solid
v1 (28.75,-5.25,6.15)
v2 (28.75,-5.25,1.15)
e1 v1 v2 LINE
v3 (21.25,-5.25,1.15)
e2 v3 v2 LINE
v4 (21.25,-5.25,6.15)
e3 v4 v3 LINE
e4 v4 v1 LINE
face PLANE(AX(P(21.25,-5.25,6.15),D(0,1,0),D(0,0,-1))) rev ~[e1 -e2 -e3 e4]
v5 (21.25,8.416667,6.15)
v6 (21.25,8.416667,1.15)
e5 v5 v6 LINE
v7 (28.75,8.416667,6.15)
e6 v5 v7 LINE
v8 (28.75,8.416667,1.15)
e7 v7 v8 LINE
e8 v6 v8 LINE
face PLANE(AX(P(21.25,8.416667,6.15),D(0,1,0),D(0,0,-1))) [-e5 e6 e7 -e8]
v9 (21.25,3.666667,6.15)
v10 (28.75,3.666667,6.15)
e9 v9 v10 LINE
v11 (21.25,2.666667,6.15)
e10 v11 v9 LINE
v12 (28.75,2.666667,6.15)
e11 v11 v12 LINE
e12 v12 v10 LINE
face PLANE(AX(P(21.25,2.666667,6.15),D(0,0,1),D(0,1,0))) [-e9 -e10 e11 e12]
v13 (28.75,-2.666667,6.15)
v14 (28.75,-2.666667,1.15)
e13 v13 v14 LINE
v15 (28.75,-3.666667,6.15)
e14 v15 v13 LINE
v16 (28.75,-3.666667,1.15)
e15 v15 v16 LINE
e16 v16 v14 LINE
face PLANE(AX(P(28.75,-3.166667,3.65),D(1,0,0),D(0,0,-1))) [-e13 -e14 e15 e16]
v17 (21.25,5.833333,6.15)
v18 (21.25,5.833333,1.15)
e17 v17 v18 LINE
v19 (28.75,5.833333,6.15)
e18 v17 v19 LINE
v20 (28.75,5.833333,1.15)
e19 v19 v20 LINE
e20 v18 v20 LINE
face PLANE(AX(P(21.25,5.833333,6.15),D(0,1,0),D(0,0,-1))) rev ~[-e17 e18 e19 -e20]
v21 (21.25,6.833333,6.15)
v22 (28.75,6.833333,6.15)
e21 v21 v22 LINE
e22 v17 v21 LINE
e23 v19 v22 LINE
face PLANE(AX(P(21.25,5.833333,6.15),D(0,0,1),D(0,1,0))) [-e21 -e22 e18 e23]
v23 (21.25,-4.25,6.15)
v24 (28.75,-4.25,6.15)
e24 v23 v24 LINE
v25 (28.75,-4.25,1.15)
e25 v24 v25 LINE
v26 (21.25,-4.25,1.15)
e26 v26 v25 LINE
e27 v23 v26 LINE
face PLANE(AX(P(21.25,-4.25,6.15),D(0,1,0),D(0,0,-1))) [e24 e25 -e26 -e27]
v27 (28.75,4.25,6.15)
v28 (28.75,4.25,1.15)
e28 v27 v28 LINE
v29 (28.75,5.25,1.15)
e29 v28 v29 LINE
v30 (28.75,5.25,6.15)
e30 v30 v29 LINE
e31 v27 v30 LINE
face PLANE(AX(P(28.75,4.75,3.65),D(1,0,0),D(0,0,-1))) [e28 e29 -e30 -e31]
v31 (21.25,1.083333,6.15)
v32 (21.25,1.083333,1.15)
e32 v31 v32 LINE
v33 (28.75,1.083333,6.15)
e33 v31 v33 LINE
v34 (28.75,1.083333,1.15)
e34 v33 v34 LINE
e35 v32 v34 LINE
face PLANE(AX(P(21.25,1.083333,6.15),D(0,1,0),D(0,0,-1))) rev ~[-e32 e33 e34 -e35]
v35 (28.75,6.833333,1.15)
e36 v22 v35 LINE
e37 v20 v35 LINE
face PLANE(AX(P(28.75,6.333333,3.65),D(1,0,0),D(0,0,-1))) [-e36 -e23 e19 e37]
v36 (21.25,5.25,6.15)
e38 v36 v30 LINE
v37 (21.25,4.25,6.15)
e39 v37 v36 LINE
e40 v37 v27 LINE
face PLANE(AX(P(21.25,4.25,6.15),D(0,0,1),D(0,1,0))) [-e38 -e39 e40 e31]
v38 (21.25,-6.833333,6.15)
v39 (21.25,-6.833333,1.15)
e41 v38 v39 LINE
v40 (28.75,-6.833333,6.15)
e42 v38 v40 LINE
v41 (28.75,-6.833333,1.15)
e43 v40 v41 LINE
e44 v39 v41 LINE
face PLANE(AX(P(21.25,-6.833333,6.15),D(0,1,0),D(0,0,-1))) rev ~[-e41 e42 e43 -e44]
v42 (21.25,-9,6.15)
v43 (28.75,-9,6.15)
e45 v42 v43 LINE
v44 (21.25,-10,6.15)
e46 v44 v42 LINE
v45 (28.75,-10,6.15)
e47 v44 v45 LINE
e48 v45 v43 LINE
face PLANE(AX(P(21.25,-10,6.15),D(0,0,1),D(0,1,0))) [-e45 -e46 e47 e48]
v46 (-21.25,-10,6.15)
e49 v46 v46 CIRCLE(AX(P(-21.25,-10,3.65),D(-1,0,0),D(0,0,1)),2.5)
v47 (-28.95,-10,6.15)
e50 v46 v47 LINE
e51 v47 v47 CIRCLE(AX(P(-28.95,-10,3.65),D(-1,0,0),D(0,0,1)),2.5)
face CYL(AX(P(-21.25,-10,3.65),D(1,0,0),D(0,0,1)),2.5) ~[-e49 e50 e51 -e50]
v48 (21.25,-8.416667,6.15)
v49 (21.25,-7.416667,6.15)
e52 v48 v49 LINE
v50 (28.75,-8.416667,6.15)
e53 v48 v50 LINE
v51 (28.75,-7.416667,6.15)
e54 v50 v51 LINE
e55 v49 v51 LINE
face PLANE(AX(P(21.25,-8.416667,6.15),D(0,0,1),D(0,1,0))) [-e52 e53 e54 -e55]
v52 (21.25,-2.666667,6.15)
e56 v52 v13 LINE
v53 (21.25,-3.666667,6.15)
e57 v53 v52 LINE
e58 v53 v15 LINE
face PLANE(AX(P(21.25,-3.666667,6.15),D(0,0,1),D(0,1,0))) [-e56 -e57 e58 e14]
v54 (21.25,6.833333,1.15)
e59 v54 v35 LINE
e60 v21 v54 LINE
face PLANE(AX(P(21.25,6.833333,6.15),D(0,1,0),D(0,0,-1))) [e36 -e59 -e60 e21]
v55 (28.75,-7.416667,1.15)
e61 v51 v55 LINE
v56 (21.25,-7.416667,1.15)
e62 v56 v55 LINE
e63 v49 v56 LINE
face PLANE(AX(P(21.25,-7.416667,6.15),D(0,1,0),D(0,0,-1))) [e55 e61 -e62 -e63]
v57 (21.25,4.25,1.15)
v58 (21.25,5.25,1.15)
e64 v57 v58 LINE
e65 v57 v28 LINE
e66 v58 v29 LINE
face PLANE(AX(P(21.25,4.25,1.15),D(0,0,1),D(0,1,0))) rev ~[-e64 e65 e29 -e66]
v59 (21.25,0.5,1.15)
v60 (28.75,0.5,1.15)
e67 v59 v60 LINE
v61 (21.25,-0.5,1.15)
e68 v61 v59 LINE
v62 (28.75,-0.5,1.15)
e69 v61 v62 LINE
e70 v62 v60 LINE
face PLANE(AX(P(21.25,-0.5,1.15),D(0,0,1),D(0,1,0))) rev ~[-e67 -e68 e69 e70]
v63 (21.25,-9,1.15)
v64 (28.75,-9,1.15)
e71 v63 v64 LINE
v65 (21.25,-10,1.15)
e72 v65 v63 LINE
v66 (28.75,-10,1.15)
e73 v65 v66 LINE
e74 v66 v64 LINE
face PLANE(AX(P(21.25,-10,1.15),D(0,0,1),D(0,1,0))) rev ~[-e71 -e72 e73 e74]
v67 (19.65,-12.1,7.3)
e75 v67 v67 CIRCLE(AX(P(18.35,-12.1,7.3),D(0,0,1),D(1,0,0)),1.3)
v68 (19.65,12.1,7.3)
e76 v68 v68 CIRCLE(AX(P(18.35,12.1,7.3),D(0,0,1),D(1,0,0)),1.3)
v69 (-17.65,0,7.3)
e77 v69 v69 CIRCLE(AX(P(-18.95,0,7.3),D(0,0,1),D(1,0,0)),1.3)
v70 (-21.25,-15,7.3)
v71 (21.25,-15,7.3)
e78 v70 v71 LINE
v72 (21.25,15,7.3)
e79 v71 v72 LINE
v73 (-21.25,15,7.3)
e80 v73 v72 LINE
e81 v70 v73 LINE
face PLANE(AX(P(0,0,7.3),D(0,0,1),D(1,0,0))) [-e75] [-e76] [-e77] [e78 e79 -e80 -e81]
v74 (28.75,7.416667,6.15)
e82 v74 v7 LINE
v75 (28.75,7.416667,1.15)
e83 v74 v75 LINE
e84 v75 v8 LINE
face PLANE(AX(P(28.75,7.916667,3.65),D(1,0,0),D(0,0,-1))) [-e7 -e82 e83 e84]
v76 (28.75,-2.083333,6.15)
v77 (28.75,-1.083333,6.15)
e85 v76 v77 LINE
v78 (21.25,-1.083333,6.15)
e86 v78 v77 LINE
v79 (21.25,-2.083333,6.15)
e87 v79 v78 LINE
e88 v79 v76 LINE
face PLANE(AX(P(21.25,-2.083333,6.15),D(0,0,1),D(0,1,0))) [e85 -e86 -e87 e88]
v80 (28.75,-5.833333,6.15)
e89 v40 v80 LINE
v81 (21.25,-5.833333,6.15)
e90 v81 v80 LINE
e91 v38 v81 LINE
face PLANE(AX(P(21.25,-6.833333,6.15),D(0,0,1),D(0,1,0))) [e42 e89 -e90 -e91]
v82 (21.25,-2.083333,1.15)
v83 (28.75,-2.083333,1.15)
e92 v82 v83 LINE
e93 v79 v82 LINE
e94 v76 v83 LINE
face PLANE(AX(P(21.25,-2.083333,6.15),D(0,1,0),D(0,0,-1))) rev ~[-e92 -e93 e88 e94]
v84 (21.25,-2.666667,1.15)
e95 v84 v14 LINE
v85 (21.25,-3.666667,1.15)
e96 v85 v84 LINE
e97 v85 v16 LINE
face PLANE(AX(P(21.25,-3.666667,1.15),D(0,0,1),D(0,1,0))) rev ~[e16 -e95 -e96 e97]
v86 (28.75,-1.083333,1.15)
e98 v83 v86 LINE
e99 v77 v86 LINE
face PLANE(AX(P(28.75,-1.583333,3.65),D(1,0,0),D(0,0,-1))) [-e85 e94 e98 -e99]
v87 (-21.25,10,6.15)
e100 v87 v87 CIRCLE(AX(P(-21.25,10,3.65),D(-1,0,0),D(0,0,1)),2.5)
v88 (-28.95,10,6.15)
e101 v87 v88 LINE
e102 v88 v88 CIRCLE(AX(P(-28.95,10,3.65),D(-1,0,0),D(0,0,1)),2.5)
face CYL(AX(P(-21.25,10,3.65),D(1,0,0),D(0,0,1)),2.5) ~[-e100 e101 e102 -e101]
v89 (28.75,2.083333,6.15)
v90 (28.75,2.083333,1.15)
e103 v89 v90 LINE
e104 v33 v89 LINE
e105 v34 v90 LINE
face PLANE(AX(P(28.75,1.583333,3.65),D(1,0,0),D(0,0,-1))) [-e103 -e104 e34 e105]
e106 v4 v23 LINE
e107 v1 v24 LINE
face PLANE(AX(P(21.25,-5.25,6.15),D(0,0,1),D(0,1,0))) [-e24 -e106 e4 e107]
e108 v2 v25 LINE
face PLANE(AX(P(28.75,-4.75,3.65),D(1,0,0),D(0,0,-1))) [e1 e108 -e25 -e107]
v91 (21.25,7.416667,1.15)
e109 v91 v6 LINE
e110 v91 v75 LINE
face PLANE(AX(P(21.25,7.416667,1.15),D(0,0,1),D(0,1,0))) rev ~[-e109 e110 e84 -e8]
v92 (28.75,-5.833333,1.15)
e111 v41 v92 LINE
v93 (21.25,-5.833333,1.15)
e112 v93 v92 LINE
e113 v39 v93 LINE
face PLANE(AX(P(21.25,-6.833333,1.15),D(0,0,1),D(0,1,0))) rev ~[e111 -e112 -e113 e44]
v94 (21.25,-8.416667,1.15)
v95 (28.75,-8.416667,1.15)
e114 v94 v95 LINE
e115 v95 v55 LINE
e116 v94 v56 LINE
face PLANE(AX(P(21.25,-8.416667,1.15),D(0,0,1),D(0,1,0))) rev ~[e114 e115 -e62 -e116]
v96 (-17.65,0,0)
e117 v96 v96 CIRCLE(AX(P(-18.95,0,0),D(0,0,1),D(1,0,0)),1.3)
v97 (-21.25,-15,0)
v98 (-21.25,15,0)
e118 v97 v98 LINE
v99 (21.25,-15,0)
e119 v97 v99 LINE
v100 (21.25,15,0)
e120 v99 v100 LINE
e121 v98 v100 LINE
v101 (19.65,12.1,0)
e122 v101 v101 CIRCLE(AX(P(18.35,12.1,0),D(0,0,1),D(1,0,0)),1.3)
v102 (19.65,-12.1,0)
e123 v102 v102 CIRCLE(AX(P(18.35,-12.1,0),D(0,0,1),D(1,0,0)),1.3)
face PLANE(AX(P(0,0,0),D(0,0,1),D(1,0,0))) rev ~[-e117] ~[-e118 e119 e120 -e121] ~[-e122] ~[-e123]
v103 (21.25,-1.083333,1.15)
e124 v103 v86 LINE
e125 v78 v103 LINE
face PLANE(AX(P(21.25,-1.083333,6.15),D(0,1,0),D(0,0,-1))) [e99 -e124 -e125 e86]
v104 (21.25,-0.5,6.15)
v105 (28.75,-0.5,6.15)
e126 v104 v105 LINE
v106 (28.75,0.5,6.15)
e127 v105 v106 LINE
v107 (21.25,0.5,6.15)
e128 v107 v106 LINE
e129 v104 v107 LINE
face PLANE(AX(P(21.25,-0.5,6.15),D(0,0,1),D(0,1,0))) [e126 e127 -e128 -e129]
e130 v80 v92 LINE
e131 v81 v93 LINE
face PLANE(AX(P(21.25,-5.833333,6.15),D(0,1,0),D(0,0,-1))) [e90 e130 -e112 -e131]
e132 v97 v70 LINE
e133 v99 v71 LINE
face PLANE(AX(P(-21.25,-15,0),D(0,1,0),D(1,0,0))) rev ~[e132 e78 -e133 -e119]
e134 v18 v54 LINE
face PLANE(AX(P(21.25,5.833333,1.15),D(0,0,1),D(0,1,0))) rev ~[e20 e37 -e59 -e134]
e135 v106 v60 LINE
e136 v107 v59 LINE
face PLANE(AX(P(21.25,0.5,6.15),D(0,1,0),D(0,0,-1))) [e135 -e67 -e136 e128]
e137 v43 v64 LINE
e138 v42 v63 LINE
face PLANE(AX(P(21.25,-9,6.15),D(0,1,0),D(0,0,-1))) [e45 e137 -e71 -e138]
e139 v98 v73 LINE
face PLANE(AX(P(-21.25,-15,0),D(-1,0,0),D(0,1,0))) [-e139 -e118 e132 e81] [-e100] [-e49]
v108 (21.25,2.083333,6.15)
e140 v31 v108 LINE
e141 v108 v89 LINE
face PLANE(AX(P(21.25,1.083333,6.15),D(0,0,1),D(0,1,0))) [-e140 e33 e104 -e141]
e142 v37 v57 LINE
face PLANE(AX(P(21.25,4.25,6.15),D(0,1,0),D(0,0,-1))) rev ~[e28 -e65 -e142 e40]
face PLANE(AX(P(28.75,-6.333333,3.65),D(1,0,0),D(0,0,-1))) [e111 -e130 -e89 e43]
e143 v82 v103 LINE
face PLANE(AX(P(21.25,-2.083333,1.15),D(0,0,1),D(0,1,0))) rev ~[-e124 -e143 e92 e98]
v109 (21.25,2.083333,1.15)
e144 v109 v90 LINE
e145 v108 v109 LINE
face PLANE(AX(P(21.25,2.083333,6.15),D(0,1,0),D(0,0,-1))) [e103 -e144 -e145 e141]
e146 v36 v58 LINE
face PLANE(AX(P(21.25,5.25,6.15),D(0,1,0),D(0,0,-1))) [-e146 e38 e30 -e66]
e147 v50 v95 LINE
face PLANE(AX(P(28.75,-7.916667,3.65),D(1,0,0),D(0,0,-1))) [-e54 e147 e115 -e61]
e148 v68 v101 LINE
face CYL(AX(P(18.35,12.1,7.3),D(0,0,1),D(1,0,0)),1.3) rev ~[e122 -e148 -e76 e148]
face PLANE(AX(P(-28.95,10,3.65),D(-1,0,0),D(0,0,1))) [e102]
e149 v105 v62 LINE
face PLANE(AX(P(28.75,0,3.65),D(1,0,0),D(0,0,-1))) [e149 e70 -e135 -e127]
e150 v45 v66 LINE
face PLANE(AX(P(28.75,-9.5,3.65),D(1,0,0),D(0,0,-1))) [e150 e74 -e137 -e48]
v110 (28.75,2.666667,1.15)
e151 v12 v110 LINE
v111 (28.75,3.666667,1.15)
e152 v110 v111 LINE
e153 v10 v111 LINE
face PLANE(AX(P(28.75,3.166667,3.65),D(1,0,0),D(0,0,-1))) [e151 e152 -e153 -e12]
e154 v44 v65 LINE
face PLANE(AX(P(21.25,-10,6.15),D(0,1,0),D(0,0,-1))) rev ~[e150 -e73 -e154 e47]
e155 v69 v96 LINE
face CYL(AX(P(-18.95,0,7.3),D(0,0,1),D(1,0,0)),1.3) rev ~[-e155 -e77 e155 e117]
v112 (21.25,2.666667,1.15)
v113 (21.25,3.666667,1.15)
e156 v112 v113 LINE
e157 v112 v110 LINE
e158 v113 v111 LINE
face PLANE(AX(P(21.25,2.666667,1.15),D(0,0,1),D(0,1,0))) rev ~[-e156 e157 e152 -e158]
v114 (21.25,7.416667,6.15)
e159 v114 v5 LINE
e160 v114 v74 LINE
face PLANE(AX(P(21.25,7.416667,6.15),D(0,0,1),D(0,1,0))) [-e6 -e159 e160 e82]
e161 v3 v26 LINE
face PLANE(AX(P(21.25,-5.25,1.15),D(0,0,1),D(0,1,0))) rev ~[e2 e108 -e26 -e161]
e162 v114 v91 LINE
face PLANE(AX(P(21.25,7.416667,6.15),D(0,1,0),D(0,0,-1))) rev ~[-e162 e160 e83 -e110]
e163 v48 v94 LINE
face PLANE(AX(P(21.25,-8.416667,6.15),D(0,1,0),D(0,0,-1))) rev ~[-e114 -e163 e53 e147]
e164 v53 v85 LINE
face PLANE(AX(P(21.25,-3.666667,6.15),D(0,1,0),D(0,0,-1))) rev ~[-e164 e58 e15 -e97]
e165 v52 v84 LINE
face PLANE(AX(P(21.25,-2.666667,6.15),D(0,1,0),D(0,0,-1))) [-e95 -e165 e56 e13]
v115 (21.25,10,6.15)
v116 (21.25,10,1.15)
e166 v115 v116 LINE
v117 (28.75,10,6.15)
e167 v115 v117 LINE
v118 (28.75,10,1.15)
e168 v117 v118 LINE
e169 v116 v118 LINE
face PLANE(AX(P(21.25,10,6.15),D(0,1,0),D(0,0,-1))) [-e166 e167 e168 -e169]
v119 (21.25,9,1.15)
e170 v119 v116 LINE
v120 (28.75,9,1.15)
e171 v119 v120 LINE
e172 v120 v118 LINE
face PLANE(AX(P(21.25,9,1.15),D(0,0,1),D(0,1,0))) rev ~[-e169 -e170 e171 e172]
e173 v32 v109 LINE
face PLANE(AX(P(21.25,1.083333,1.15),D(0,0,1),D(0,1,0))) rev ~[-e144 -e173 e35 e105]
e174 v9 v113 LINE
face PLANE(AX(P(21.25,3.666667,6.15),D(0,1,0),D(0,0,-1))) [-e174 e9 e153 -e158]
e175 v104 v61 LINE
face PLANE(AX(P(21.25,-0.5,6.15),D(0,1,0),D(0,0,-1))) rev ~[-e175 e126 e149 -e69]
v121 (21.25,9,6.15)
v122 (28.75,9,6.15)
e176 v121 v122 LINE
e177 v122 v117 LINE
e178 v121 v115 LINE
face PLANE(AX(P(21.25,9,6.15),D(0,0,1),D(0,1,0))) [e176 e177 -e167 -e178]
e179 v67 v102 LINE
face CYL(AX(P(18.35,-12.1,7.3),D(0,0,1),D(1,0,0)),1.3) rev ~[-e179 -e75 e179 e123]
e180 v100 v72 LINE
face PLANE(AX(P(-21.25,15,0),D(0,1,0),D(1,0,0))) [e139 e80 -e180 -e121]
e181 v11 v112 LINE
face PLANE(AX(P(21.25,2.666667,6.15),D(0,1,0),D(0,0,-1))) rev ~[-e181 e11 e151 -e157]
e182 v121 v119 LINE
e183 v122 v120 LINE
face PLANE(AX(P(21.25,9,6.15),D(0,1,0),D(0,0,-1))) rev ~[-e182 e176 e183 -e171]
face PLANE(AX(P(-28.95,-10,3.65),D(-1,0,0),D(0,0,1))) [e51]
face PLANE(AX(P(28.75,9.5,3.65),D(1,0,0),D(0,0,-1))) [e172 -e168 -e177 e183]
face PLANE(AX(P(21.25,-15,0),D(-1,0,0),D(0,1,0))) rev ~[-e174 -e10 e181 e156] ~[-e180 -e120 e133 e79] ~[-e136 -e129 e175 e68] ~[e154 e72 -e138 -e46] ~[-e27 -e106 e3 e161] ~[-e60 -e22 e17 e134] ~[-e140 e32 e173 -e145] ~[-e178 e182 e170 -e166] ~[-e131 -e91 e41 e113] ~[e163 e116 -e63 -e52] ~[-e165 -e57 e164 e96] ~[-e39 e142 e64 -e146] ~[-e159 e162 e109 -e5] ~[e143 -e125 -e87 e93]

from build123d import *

# Parameters (mm, degrees)
SKETCH1_W           = 42.5
SKETCH1_H           = 30
BOSS_EXTRUDE1_DEPTH = 7.3
CUT_EXTRUDE1_REACH  = 9.3
SKETCH2_R           = 1.3
SKETCH3_R           = 2.5
BOSS_EXTRUDE2_DEPTH = 7.7
SKETCH4_W           = 5
SKETCH4_H           = 1
BOSS_EXTRUDE3_DEPTH = 7.5


with BuildPart() as part:
    # Sketch1 → Boss-Extrude1 (new body)
    with BuildSketch(Plane.XY):
        Rectangle(SKETCH1_W, SKETCH1_H)
    extrude(amount=BOSS_EXTRUDE1_DEPTH)

    # Sketch2 → Cut-Extrude1 (cut, up to next)
    with BuildSketch(Plane.XY.offset(7.3), mode=Mode.PRIVATE) as cut_extrude1_sk1:
        with Locations((18.35, -12.1)):
            Circle(SKETCH2_R)
    cut_extrude1_tool1 = extrude(cut_extrude1_sk1.sketch, amount=-CUT_EXTRUDE1_REACH, mode=Mode.PRIVATE) & part.part
    add(cut_extrude1_tool1.solids().sort_by_distance((18.35, -12.1, 7.3))[0], mode=Mode.SUBTRACT)
    # Sketch2 → Cut-Extrude1 (cut, up to next)
    with BuildSketch(Plane.XY.offset(7.3), mode=Mode.PRIVATE) as cut_extrude1_sk2:
        with Locations((18.35, 12.1)):
            Circle(SKETCH2_R)
    cut_extrude1_tool2 = extrude(cut_extrude1_sk2.sketch, amount=-CUT_EXTRUDE1_REACH, mode=Mode.PRIVATE) & part.part
    add(cut_extrude1_tool2.solids().sort_by_distance((18.35, 12.1, 7.3))[0], mode=Mode.SUBTRACT)
    # Sketch2 → Cut-Extrude1 (cut, up to next)
    with BuildSketch(Plane.XY.offset(7.3), mode=Mode.PRIVATE) as cut_extrude1_sk3:
        with Locations((-18.95, 0)):
            Circle(SKETCH2_R)
    cut_extrude1_tool3 = extrude(cut_extrude1_sk3.sketch, amount=-CUT_EXTRUDE1_REACH, mode=Mode.PRIVATE) & part.part
    add(cut_extrude1_tool3.solids().sort_by_distance((-18.95, 0, 7.3))[0], mode=Mode.SUBTRACT)

    # Sketch3 → Boss-Extrude2 (add)
    with BuildSketch(Plane.ZY.offset(21.25)):
        with Locations((3.65, 10)):
            Circle(SKETCH3_R)
        with Locations((3.65, -10)):
            Circle(SKETCH3_R)
    extrude(amount=BOSS_EXTRUDE2_DEPTH)

    # Sketch4 → Boss-Extrude3 (add)
    with BuildSketch(Plane(origin=(21.25, 0, 0), x_dir=(0, 0, -1), z_dir=(1, 0, 0))):
        with Locations((-3.65, 9.5)):
            Rectangle(SKETCH4_W, SKETCH4_H)
        with Locations((-3.65, 7.916666667)):
            Rectangle(SKETCH4_W, SKETCH4_H)
        with Locations((-3.65, 6.333333333)):
            Rectangle(SKETCH4_W, SKETCH4_H)
        with Locations((-3.65, 4.75)):
            Rectangle(SKETCH4_W, SKETCH4_H)
        with Locations((-3.65, 3.166666667)):
            Rectangle(SKETCH4_W, SKETCH4_H)
        with Locations((-3.65, 1.583333333)):
            Rectangle(SKETCH4_W, SKETCH4_H)
        with Locations((-3.65, 0)):
            Rectangle(SKETCH4_W, SKETCH4_H)
        with Locations((-3.65, -1.583333333)):
            Rectangle(SKETCH4_W, SKETCH4_H)
        with Locations((-3.65, -3.166666667)):
            Rectangle(SKETCH4_W, SKETCH4_H)
        with Locations((-3.65, -4.75)):
            Rectangle(SKETCH4_W, SKETCH4_H)
        with Locations((-3.65, -6.333333333)):
            Rectangle(SKETCH4_W, SKETCH4_H)
        with Locations((-3.65, -7.916666667)):
            Rectangle(SKETCH4_W, SKETCH4_H)
        with Locations((-3.65, -9.5)):
            Rectangle(SKETCH4_W, SKETCH4_H)
    extrude(amount=BOSS_EXTRUDE3_DEPTH)


solid = part.part
